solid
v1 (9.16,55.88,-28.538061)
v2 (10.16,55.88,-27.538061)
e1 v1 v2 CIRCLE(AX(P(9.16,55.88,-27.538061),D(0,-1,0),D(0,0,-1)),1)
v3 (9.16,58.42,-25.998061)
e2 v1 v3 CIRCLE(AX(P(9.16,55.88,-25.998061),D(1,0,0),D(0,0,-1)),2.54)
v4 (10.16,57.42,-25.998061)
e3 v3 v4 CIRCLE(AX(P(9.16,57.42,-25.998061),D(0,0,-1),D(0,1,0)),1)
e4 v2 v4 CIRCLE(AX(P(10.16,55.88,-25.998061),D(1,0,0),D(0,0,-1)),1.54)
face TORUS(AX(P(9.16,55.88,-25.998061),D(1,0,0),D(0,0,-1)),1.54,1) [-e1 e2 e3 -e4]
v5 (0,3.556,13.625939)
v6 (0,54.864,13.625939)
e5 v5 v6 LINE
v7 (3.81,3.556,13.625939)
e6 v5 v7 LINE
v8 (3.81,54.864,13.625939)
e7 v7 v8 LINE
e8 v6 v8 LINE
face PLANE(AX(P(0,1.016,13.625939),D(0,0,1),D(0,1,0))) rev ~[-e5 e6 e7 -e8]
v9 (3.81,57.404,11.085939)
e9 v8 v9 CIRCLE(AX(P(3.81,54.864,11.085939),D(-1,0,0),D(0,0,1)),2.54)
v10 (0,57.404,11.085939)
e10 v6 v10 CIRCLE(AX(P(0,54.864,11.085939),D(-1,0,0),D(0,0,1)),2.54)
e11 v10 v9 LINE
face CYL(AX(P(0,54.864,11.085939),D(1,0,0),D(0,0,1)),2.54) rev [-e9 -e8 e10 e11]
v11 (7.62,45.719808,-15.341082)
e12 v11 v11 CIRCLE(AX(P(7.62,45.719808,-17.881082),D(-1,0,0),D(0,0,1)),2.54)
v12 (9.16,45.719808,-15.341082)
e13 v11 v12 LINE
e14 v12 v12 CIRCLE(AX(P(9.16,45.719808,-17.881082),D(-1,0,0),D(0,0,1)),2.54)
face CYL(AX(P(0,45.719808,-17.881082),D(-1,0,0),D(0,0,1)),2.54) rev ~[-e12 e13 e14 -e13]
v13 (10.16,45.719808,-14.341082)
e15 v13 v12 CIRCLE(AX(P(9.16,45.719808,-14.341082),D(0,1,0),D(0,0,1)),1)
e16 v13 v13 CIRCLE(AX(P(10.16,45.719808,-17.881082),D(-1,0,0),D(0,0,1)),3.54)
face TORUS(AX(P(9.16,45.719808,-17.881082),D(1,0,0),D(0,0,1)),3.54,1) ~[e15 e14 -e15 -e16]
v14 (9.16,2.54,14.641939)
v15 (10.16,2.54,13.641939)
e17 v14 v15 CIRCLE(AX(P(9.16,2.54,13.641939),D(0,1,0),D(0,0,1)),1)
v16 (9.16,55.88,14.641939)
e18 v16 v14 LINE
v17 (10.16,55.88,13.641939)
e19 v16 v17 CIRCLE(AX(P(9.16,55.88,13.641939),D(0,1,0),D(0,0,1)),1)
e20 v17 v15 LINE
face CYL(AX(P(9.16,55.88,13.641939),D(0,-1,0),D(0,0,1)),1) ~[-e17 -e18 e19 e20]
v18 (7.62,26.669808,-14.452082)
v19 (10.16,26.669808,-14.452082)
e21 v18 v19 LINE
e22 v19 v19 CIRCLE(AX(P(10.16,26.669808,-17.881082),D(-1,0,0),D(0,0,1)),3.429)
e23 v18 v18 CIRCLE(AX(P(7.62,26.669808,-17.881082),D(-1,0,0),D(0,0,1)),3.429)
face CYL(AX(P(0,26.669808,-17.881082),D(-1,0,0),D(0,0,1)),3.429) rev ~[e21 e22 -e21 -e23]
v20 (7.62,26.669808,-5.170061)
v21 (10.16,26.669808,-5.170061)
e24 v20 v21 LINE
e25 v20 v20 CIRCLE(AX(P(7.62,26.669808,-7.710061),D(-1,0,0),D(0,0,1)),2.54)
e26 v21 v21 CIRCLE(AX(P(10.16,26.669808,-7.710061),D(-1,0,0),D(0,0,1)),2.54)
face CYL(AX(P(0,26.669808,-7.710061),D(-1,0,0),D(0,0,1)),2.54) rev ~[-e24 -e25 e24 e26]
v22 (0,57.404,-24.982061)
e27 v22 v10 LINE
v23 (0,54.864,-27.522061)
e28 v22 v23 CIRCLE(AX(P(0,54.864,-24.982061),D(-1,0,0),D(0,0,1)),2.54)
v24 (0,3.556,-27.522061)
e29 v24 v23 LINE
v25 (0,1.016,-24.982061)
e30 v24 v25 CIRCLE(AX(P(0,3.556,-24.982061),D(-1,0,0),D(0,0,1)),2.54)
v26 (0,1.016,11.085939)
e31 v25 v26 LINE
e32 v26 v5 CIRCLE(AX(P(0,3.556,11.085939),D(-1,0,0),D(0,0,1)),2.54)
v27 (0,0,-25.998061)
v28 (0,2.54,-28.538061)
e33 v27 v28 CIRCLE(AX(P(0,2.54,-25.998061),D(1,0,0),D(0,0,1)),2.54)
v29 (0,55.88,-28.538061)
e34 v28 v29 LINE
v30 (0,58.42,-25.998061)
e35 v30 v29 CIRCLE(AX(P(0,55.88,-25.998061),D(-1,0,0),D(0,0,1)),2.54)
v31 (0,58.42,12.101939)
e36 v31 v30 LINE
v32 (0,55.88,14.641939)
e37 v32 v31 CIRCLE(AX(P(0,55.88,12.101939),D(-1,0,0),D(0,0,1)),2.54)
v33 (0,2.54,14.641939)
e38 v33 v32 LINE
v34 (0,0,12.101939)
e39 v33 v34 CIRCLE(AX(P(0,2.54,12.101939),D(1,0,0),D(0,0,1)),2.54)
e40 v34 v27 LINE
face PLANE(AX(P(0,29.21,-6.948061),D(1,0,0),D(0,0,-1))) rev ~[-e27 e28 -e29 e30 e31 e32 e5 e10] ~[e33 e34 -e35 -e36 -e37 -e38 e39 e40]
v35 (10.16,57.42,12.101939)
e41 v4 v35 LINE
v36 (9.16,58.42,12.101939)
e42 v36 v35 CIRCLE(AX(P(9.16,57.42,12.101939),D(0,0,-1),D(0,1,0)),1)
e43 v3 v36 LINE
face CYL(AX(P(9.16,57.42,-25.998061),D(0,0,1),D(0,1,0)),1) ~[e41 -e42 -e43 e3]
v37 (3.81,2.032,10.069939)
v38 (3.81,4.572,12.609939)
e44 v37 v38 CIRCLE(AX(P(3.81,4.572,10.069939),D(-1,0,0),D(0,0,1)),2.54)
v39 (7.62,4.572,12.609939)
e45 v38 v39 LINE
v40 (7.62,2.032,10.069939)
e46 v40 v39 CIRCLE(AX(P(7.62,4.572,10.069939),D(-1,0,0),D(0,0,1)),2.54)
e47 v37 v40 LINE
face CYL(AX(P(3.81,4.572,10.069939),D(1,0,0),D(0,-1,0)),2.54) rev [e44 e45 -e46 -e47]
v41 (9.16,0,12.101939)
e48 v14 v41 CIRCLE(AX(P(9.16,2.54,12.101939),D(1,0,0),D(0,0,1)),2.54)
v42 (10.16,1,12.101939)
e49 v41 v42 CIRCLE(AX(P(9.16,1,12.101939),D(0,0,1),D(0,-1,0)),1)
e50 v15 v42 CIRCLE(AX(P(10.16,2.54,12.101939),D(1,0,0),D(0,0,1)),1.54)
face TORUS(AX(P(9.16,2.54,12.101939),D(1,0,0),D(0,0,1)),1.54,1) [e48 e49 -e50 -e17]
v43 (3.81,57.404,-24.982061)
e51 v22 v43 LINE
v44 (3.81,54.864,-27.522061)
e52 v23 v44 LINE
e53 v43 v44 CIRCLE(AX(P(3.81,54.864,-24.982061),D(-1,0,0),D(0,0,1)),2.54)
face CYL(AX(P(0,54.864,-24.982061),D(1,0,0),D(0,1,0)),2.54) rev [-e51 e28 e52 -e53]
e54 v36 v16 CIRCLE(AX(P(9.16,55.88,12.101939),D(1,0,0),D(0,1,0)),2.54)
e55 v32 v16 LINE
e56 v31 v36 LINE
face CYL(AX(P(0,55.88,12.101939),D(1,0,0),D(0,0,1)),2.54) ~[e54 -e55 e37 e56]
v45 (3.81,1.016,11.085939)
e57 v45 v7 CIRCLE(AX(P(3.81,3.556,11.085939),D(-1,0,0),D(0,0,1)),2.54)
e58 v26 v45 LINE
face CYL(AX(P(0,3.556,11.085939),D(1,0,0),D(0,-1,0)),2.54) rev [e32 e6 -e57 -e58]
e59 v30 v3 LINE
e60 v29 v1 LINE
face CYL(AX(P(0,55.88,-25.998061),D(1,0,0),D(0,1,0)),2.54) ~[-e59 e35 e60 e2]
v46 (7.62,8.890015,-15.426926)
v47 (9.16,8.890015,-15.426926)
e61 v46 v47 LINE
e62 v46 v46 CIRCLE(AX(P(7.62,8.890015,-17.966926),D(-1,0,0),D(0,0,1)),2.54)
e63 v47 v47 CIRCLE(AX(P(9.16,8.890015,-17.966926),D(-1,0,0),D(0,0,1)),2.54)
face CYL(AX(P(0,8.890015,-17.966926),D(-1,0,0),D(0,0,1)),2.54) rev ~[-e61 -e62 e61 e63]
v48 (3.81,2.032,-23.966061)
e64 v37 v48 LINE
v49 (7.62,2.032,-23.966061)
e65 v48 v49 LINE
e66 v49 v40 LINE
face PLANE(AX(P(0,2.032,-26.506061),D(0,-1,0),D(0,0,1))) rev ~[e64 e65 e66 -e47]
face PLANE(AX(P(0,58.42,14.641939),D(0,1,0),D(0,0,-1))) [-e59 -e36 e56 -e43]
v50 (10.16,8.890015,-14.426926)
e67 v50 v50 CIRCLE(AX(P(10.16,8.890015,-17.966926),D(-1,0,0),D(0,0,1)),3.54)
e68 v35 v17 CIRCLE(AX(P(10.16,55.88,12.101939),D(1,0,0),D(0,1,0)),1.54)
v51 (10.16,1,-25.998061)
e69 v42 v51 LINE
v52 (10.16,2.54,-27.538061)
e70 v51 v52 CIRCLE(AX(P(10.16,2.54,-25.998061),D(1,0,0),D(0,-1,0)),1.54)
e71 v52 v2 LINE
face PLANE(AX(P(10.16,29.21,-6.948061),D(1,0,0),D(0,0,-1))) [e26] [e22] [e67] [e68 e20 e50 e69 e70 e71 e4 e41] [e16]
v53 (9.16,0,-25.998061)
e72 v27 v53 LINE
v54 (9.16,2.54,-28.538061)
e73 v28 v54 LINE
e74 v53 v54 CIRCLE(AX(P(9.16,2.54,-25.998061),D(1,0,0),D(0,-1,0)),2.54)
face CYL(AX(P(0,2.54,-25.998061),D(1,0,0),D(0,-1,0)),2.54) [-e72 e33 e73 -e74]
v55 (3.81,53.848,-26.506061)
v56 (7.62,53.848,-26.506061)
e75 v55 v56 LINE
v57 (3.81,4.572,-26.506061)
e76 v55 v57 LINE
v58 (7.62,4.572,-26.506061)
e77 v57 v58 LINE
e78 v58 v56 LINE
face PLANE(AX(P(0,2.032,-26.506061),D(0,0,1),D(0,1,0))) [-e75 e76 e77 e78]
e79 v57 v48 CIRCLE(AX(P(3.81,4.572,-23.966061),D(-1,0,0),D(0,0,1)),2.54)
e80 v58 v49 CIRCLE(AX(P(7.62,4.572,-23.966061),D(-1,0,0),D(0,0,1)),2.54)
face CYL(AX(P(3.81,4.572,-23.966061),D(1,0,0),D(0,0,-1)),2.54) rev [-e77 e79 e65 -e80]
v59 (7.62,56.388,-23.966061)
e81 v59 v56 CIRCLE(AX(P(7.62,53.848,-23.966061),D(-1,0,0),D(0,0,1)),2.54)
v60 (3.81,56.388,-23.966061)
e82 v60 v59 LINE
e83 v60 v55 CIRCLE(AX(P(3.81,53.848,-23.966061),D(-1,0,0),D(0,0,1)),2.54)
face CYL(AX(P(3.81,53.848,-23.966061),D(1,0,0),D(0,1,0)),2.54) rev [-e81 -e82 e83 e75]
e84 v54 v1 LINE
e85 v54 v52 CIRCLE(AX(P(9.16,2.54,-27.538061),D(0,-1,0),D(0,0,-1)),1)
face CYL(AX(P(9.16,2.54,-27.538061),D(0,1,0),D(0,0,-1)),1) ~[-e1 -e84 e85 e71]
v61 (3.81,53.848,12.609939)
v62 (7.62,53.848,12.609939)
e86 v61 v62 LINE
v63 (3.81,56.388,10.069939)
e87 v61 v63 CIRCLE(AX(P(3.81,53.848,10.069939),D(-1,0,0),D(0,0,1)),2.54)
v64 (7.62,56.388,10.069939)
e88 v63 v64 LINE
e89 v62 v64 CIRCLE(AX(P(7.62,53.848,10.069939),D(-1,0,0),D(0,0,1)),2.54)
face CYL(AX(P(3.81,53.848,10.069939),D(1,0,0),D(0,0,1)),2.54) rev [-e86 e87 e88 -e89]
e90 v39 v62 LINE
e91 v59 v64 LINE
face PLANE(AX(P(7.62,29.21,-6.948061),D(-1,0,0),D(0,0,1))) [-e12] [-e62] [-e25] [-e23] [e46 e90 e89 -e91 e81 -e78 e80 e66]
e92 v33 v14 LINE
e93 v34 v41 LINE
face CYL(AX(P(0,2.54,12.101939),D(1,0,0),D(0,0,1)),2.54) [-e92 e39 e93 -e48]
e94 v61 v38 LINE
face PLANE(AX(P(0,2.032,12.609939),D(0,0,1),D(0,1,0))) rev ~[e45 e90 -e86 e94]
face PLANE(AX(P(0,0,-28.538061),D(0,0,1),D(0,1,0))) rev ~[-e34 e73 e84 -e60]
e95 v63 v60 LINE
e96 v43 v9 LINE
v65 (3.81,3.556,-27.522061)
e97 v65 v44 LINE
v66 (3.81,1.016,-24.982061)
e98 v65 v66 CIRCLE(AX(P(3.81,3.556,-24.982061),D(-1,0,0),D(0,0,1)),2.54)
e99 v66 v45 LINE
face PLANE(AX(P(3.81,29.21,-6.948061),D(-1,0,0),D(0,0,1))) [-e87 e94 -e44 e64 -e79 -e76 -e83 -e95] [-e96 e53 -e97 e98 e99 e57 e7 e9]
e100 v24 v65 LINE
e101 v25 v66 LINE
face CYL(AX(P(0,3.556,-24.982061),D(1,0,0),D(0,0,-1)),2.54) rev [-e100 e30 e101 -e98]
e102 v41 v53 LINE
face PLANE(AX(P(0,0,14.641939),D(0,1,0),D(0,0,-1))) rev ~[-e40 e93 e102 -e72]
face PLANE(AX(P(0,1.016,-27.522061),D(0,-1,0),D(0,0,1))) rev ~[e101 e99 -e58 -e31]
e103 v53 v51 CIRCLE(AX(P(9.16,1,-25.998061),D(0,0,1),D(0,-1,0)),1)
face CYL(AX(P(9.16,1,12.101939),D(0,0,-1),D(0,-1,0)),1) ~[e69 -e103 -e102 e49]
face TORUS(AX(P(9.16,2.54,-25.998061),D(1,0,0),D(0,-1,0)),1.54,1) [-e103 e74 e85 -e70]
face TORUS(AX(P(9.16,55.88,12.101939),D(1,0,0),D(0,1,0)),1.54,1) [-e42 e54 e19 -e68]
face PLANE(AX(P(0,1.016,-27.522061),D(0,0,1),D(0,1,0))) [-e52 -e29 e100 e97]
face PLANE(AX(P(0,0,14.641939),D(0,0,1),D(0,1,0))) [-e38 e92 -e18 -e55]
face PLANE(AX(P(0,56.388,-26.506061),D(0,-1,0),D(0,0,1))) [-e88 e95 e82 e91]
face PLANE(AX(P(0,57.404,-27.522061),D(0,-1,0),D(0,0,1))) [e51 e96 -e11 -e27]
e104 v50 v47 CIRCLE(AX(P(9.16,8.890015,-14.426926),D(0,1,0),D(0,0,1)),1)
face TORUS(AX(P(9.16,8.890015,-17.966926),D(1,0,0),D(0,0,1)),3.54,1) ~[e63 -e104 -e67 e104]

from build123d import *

# Parameters (mm, degrees)
SKETCH1_W           = 43.18
SKETCH1_H           = 58.42
BOSS_EXTRUDE1_DEPTH = 10.16
SKETCH2_R           = 2.54
SKETCH2_R_2         = 3.429
CUT_EXTRUDE2_DEPTH  = 11.16
SKETCH3_W           = 39.116
SKETCH3_H           = 54.356
CUT_EXTRUDE3_DEPTH  = 7.62
SKETCH4_W           = 41.148
SKETCH4_H           = 56.388
CUT_EXTRUDE4_DEPTH  = 3.81
FILLET1_R           = 2.54
FILLET2_R           = 2.54
FILLET3_R           = 2.54
FILLET4_R           = 2.54
FILLET5_R           = 2.54
FILLET6_R           = 1
FILLET7_R           = 1
FILLET8_R           = 1


with BuildPart() as part:
    # Sketch1 → Boss-Extrude1 (new body)
    with BuildSketch(Plane(origin=(0, 0, 0), x_dir=(0, 0, -1), z_dir=(1, 0, 0))):
        with Locations((6.948060942, 29.21)):
            Rectangle(SKETCH1_W, SKETCH1_H)
    extrude(amount=BOSS_EXTRUDE1_DEPTH)

    # Sketch2 → Cut-Extrude2 (cut, through all)
    with BuildSketch(Plane.ZY):
        with Locations((-17.96692562, 8.890014802)):
            Circle(SKETCH2_R)
        with Locations((-17.881082197, 45.719807571)):
            Circle(SKETCH2_R)
        with Locations((-17.881082197, 26.669807571)):
            Circle(SKETCH2_R_2)
        with Locations((-7.710060942, 26.669807571)):
            Circle(SKETCH2_R)
    extrude(amount=-CUT_EXTRUDE2_DEPTH, mode=Mode.SUBTRACT)

    # Sketch3 → Cut-Extrude3 (cut)
    with BuildSketch(Plane.ZY):
        with Locations((-6.948060942, 29.21)):
            Rectangle(SKETCH3_W, SKETCH3_H)
    extrude(amount=-CUT_EXTRUDE3_DEPTH, mode=Mode.SUBTRACT)

    # Sketch4 → Cut-Extrude4 (cut)
    with BuildSketch(Plane.ZY):
        with Locations((-6.948060942, 29.21)):
            Rectangle(SKETCH4_W, SKETCH4_H)
    extrude(amount=-CUT_EXTRUDE4_DEPTH, mode=Mode.SUBTRACT)

    # Fillet1
    fillet1_edges = [part.edges().sort_by_distance(p)[0] for p in [
        (5.715, 2.032, -26.506060942),
        (1.905, 1.016, -27.522060942),
    ]]
    fillet(fillet1_edges, radius=FILLET1_R)

    # Fillet2
    fillet2_edges = [part.edges().sort_by_distance(p)[0] for p in [
        (5.715, 2.032, 12.609939058),
        (1.905, 1.016, 13.625939058),
    ]]
    fillet(fillet2_edges, radius=FILLET2_R)

    # Fillet3
    fillet3_edges = [part.edges().sort_by_distance(p)[0] for p in [
        (5.715, 56.388, 12.609939058),
        (1.905, 57.404, 13.625939058),
    ]]
    fillet(fillet3_edges, radius=FILLET3_R)

    # Fillet4
    fillet4_edges = [part.edges().sort_by_distance(p)[0] for p in [
        (5.715, 56.388, -26.506060942),
        (1.905, 57.404, -27.522060942),
    ]]
    fillet(fillet4_edges, radius=FILLET4_R)

    # Fillet5
    fillet5_edges = [part.edges().sort_by_distance(p)[0] for p in [
        (5.08, 58.42, 14.641939058),
        (5.08, 58.42, -28.538060942),
        (5.08, 0, -28.538060942),
        (5.08, 0, 14.641939058),
    ]]
    fillet(fillet5_edges, radius=FILLET5_R)

    # Fillet6
    fillet6_edges = [part.edges().sort_by_distance(p)[0] for p in [
        (10.16, 29.21, -28.538060942),
        (10.16, 0, -6.948060942),
        (10.16, 29.21, 14.641939058),
        (10.16, 58.42, -6.948060942),
        (10.16, 57.676051224, 13.897990282),
        (10.16, 57.676051224, -27.794112166),
        (10.16, 0.743948776, 13.897990282),
        (10.16, 0.743948776, -27.794112166),
    ]]
    fillet(fillet6_edges, radius=FILLET6_R)

    # Fillet7
    fillet7_edges = [part.edges().sort_by_distance(p)[0] for p in [
        (10.16, 45.719807571, -20.421082197),
    ]]
    fillet(fillet7_edges, radius=FILLET7_R)

    # Fillet8
    fillet8_edges = [part.edges().sort_by_distance(p)[0] for p in [
        (10.16, 8.890014802, -20.50692562),
    ]]
    fillet(fillet8_edges, radius=FILLET8_R)


solid = part.part
